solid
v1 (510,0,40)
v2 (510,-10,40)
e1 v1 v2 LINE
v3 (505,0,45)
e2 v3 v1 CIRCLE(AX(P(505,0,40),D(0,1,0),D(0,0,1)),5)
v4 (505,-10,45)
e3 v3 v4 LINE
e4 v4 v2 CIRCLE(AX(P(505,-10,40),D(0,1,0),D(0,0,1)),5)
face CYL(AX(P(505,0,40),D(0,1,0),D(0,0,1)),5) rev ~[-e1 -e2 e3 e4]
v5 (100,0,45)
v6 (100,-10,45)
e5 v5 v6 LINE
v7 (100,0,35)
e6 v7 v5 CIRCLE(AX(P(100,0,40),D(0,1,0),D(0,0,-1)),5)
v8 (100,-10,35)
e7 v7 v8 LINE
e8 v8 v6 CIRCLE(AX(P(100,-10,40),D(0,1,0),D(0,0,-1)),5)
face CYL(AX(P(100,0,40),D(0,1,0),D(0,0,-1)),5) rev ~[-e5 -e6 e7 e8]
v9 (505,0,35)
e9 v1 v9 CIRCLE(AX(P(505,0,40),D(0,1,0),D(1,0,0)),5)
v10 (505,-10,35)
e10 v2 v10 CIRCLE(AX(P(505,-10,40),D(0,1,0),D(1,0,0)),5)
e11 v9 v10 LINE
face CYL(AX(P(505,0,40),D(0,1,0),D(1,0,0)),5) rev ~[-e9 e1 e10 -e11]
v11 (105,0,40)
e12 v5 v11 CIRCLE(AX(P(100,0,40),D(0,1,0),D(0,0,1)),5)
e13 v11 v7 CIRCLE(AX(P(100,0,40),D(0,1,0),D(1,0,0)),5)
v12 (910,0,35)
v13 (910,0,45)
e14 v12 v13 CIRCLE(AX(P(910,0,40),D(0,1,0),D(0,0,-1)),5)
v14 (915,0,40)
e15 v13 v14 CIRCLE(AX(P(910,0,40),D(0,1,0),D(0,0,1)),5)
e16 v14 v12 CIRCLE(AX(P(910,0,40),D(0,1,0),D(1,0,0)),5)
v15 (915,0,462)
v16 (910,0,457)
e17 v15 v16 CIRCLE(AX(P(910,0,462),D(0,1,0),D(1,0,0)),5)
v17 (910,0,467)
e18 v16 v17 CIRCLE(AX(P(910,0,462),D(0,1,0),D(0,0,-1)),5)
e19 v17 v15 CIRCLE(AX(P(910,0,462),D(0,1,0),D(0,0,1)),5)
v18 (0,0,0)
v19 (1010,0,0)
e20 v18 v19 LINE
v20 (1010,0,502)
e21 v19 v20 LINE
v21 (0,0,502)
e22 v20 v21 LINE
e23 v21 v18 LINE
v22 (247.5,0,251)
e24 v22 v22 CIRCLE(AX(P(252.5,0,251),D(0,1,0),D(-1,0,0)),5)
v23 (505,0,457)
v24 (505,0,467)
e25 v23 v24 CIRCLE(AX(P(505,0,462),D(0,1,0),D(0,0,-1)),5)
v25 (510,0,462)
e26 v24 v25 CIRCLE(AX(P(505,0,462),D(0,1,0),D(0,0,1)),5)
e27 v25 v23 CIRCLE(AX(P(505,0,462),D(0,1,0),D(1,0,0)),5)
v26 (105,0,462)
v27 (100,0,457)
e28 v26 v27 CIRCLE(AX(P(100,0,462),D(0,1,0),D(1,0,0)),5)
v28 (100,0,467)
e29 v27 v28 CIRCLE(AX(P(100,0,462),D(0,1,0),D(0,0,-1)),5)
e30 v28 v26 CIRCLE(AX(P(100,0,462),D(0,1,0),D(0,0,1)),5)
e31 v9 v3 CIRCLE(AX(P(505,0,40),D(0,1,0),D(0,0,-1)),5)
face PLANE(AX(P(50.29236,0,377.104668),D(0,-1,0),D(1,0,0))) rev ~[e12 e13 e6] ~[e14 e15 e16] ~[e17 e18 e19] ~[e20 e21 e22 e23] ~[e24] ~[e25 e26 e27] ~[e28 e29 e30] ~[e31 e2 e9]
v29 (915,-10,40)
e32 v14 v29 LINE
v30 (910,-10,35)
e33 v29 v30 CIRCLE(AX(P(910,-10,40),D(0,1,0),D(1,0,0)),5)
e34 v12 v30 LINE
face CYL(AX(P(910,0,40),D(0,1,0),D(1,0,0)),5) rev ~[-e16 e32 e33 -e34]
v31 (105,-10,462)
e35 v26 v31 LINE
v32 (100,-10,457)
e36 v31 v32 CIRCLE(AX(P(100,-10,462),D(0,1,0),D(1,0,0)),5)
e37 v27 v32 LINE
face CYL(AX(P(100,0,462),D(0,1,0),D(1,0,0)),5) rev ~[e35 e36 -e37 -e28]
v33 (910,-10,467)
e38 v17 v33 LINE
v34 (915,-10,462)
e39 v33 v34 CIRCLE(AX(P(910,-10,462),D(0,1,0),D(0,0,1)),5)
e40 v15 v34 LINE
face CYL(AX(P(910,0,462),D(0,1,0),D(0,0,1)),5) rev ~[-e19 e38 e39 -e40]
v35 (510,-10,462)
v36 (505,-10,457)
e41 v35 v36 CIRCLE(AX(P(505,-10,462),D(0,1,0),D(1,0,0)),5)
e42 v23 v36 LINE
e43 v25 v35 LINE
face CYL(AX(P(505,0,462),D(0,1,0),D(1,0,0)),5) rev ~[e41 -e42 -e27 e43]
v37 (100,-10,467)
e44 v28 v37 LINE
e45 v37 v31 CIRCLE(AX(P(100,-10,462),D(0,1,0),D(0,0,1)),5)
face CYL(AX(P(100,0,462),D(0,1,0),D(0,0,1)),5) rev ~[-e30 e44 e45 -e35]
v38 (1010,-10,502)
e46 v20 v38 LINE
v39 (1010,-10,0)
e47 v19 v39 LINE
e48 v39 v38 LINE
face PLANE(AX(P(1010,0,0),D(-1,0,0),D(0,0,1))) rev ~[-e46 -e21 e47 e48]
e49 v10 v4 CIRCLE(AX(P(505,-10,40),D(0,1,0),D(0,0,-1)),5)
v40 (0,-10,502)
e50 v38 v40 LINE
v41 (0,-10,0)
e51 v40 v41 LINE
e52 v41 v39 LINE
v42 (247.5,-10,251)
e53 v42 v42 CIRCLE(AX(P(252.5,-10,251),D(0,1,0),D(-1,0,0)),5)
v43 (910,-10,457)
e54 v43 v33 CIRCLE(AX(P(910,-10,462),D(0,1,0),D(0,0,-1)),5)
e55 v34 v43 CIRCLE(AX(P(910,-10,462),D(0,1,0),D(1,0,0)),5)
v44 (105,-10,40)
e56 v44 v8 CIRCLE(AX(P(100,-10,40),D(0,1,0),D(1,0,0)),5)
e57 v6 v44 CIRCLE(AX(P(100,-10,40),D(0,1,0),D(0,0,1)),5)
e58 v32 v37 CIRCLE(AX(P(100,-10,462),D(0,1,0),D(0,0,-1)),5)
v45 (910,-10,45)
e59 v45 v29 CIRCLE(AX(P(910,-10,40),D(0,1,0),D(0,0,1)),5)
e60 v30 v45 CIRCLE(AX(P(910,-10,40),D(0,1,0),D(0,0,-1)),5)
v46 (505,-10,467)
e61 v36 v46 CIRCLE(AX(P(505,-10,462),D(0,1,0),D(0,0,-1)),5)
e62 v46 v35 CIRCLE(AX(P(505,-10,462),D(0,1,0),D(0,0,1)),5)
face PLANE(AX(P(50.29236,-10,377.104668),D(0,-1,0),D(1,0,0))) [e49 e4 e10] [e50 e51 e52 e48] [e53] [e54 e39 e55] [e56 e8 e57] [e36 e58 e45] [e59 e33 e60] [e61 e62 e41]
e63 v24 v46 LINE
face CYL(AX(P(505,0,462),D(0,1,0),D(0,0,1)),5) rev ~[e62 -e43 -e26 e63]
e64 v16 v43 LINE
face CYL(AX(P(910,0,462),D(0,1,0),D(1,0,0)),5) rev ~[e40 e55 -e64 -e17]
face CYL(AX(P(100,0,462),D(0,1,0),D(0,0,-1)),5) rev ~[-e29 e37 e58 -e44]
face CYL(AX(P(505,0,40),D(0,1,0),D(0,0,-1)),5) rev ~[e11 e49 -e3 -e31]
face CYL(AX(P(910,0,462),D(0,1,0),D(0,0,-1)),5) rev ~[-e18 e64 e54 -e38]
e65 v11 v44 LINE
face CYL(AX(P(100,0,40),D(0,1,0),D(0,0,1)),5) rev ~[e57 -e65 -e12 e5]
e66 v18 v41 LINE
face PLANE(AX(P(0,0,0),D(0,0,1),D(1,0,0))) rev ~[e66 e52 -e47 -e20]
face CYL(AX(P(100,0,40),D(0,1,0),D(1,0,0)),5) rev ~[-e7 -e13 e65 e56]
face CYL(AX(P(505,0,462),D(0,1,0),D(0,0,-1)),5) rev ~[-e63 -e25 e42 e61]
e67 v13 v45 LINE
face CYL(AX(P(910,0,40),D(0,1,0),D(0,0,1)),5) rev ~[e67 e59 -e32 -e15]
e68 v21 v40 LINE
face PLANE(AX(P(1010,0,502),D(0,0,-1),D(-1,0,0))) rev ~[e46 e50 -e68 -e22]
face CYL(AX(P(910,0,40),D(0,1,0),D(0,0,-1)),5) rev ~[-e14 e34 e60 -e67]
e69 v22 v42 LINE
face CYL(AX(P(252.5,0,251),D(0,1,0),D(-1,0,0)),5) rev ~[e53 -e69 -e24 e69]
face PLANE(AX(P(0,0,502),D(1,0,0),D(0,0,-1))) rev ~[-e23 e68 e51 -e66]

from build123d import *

# Parameters (mm, degrees)
F1_DEPTH = 10


with BuildPart() as f1:
    # F0 (on Front) → F1 (new body)
    with BuildSketch(Plane.XZ):
        with BuildLine():
            Line((0, 502), (0, 251))
            Line((0, 251), (100, 251))
            Line((100, 251), (100, 457))
            ThreePointArc((100, 457), (95, 462), (100, 467))
            Line((100, 467), (100, 502))
            Line((100, 502), (0, 502))
        make_face()
        with BuildLine():
            Line((100, 457), (100, 251))
            Line((100, 251), (247.5, 251))
            ThreePointArc((247.5, 251), (252.5, 256), (257.5, 251))
            Line((257.5, 251), (505, 251))
            Line((505, 251), (505, 457))
            ThreePointArc((505, 457), (500, 462), (505, 467))
            Line((505, 467), (505, 502))
            Line((505, 502), (100, 502))
            Line((100, 502), (100, 467))
            ThreePointArc((100, 467), (103.5355339059, 465.5355339059), (105, 462))
            ThreePointArc((105, 462), (103.5355339059, 458.4644660941), (100, 457))
        make_face()
        with BuildLine():
            Line((910, 502), (505, 502))
            Line((505, 502), (505, 467))
            ThreePointArc((505, 467), (508.5355339059, 465.5355339059), (510, 462))
            ThreePointArc((510, 462), (508.5355339059, 458.4644660941), (505, 457))
            Line((505, 457), (505, 251))
            Line((505, 251), (910, 251))
            Line((910, 251), (910, 457))
            ThreePointArc((910, 457), (905, 462), (910, 467))
            Line((910, 467), (910, 502))
        make_face()
        with BuildLine():
            Line((910, 251), (1010, 251))
            Line((1010, 251), (1010, 502))
            Line((1010, 502), (910, 502))
            Line((910, 502), (910, 467))
            ThreePointArc((910, 467), (913.5355339059, 465.5355339059), (915, 462))
            ThreePointArc((915, 462), (913.5355339059, 458.4644660941), (910, 457))
            Line((910, 457), (910, 251))
        make_face()
        with BuildLine():
            Line((0, 251), (0, 0))
            Line((0, 0), (100, 0))
            Line((100, 0), (100, 35))
            ThreePointArc((100, 35), (95, 40), (100, 45))
            Line((100, 45), (100, 251))
            Line((100, 251), (0, 251))
        make_face()
        with BuildLine():
            Line((100, 35), (100, 0))
            Line((100, 0), (505, 0))
            Line((505, 0), (505, 35))
            ThreePointArc((505, 35), (500, 40), (505, 45))
            Line((505, 45), (505, 251))
            Line((505, 251), (257.5, 251))
            ThreePointArc((257.5, 251), (252.5, 246), (247.5, 251))
            Line((247.5, 251), (100, 251))
            Line((100, 251), (100, 45))
            ThreePointArc((100, 45), (103.5355339059, 43.5355339059), (105, 40))
            ThreePointArc((105, 40), (103.5355339059, 36.4644660941), (100, 35))
        make_face()
        with BuildLine():
            Line((505, 35), (505, 0))
            Line((505, 0), (910, 0))
            Line((910, 0), (910, 35))
            ThreePointArc((910, 35), (905, 40), (910, 45))
            Line((910, 45), (910, 251))
            Line((910, 251), (505, 251))
            Line((505, 251), (505, 45))
            ThreePointArc((505, 45), (508.5355339059, 43.5355339059), (510, 40))
            ThreePointArc((510, 40), (508.5355339059, 36.4644660941), (505, 35))
        make_face()
        with BuildLine():
            Line((910, 35), (910, 0))
            Line((910, 0), (1010, 0))
            Line((1010, 0), (1010, 251))
            Line((1010, 251), (910, 251))
            Line((910, 251), (910, 45))
            ThreePointArc((910, 45), (913.5355339059, 43.5355339059), (915, 40))
            ThreePointArc((915, 40), (913.5355339059, 36.4644660941), (910, 35))
        make_face()
    extrude(amount=F1_DEPTH)


solid = f1.part
